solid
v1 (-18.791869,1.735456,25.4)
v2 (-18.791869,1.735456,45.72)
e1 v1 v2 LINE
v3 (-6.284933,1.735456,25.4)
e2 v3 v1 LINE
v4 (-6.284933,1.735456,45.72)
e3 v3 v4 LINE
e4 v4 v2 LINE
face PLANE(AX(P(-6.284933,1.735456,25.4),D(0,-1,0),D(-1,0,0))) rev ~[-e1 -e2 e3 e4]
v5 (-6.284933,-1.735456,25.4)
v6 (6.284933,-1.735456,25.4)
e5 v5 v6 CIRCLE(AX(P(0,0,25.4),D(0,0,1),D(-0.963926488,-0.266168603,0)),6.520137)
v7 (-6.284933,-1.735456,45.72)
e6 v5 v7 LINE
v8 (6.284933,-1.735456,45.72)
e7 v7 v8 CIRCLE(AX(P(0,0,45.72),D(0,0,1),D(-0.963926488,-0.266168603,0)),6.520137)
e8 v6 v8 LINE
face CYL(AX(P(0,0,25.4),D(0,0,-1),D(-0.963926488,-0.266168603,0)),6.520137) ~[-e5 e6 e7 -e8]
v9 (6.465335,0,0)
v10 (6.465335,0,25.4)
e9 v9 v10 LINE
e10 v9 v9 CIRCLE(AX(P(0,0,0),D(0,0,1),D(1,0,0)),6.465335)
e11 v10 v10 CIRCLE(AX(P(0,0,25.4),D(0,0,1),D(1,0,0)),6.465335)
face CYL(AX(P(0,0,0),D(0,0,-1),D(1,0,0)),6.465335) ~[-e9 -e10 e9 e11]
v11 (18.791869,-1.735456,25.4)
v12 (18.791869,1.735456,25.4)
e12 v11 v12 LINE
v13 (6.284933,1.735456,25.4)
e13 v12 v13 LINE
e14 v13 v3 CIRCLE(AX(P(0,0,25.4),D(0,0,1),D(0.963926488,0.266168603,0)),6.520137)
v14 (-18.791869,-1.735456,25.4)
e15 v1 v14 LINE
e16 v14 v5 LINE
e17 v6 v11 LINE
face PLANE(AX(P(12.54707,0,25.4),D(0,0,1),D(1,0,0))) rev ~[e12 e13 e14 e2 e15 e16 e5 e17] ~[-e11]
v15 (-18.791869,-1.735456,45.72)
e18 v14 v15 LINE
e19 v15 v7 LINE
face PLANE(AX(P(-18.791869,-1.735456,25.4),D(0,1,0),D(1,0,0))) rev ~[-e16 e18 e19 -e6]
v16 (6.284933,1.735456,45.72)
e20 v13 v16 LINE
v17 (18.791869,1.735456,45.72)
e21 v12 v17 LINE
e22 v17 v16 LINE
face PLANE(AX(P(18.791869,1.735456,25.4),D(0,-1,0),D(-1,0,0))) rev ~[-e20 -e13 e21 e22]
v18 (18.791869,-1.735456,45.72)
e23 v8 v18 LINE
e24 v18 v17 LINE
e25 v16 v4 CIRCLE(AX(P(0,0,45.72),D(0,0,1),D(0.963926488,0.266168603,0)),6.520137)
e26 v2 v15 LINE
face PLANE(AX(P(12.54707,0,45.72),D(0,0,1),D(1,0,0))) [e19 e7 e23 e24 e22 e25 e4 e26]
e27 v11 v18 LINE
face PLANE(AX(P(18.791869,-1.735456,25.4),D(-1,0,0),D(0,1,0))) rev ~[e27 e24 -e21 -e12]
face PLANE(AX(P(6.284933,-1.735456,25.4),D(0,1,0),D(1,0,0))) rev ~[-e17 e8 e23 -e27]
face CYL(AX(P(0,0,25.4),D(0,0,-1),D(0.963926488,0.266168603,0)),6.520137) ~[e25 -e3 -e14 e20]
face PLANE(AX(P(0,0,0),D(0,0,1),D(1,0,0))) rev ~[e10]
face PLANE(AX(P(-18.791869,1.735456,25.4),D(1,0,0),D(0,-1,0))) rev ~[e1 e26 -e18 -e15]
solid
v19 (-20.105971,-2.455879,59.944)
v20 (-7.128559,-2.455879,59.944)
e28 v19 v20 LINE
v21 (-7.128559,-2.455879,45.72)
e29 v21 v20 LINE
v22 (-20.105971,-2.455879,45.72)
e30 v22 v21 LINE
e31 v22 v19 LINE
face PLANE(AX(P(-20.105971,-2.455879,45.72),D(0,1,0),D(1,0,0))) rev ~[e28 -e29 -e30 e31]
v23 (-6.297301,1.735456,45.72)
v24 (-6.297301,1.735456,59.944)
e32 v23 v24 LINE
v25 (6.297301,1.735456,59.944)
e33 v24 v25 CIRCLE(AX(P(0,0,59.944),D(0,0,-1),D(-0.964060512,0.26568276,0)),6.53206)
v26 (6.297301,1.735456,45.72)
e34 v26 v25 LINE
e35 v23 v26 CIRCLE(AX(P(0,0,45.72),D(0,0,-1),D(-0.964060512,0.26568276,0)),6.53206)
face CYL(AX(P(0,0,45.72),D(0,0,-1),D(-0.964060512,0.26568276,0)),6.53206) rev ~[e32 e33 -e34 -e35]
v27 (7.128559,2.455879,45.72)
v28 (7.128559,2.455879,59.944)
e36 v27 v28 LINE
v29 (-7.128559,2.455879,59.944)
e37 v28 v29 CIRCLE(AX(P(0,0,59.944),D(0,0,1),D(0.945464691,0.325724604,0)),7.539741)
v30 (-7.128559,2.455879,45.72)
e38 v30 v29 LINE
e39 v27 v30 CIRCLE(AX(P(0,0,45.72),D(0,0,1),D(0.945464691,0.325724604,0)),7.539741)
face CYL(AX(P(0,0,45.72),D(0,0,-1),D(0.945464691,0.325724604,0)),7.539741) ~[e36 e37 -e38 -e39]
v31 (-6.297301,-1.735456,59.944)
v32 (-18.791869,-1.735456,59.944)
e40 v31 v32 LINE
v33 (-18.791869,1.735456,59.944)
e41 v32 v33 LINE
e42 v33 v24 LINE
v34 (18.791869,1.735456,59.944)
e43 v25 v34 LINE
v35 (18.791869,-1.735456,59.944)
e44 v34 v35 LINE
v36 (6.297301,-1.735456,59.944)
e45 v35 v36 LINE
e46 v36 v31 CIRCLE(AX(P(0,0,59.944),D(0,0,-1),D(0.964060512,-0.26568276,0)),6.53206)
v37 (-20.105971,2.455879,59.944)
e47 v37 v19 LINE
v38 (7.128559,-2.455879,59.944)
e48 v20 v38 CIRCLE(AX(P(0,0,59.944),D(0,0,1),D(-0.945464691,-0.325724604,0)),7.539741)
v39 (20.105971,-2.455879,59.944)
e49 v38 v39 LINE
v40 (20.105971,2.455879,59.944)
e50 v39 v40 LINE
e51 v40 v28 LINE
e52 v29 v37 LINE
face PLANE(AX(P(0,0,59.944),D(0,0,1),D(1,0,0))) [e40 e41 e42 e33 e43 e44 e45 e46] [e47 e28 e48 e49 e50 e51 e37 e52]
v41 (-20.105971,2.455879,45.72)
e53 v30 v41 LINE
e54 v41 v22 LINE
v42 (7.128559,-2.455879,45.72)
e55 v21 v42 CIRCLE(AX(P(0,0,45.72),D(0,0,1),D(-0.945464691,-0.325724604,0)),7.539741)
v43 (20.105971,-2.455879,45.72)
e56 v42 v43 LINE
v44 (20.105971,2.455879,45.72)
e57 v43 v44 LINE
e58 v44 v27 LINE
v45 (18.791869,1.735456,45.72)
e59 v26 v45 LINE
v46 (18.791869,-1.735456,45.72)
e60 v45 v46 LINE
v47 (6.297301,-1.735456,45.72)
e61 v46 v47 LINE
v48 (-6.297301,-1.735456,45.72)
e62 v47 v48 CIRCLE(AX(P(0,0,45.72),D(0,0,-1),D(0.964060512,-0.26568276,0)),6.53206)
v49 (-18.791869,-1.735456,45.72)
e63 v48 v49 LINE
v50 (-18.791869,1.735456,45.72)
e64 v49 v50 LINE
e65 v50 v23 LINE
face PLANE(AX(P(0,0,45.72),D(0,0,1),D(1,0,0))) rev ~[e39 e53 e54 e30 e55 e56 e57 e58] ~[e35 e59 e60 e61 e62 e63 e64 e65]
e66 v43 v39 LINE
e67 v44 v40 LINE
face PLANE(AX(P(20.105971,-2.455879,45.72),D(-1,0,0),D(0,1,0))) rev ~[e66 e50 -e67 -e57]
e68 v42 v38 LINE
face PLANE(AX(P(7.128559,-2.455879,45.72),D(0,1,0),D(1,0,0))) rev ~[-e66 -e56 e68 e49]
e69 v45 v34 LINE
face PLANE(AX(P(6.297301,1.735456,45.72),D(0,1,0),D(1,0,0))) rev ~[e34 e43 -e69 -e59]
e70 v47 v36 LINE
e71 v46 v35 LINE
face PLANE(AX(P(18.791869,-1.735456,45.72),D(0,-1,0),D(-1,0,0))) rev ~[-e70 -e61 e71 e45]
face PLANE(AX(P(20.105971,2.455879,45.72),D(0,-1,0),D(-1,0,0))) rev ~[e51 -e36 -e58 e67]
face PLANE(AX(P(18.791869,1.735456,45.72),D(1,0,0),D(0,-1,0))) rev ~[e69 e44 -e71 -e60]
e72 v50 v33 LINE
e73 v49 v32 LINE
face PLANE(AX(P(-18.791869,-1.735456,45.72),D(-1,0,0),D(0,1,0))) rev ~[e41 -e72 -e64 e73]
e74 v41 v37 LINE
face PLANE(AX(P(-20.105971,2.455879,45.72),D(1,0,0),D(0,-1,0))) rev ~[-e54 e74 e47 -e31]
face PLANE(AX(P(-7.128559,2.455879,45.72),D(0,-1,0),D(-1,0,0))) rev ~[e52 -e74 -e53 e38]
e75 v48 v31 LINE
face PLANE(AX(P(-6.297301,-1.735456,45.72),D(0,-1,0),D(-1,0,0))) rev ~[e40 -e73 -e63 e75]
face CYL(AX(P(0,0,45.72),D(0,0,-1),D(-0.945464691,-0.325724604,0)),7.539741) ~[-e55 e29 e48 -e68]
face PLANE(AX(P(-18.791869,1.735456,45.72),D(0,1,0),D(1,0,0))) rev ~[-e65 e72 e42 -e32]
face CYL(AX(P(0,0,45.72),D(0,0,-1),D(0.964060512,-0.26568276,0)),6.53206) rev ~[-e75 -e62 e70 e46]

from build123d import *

# Parameters (mm, degrees)
F0_R     = 6.4653345571
F1_DEPTH = 25.4
F3_DEPTH = 20.32
F5_DEPTH = 14.224


with BuildPart() as f1:
    # F0 (on Top) → F1 (new body)
    with BuildSketch(Plane.XY):
        Circle(F0_R)
    extrude(amount=F1_DEPTH)

    # F2 (on face) → F3 (join)
    with BuildSketch(Plane.XY.offset(25.4)):
        with BuildLine():
            Line((6.2849330107, -1.7354558222), (18.7918692827, -1.7354558222))
            Line((18.7918692827, -1.7354558222), (18.7918692827, 1.7354558222))
            Line((18.7918692827, 1.7354558222), (6.2849330107, 1.7354558222))
            ThreePointArc((6.2849330107, 1.7354558222), (6.4610686324, 0.8756608859), (6.5201372577, 0))
            ThreePointArc((6.5201372577, 0), (6.4610686324, -0.8756608859), (6.2849330107, -1.7354558222))
        make_face()
        with BuildLine():
            ThreePointArc((-6.2849330107, -1.7354558222), (0, -6.5201372577), (6.2849330107, -1.7354558222))
            Line((6.2849330107, -1.7354558222), (-6.2849330107, -1.7354558222))
        make_face()
        with BuildLine():
            Line((-6.2849330107, -1.7354558222), (6.2849330107, -1.7354558222))
            ThreePointArc((6.2849330107, -1.7354558222), (6.4610686324, -0.8756608859), (6.5201372577, 0))
            ThreePointArc((6.5201372577, 0), (6.4610686324, 0.8756608859), (6.2849330107, 1.7354558222))
            Line((6.2849330107, 1.7354558222), (-6.2849330107, 1.7354558222))
            ThreePointArc((-6.2849330107, 1.7354558222), (-6.5201372577, 0), (-6.2849330107, -1.7354558222))
        make_face()
        with BuildLine():
            Line((-18.7918692827, -1.7354558222), (-6.2849330107, -1.7354558222))
            ThreePointArc((-6.2849330107, -1.7354558222), (-6.5201372577, 0), (-6.2849330107, 1.7354558222))
            Line((-6.2849330107, 1.7354558222), (-18.7918692827, 1.7354558222))
            Line((-18.7918692827, 1.7354558222), (-18.7918692827, -1.7354558222))
        make_face()
        with BuildLine():
            Line((-6.2849330107, 1.7354558222), (6.2849330107, 1.7354558222))
            ThreePointArc((6.2849330107, 1.7354558222), (0, 6.5201372577), (-6.2849330107, 1.7354558222))
        make_face()
    extrude(amount=F3_DEPTH)


with BuildPart() as f5:
    # F4 (on face) → F5 (new body)
    with BuildSketch(Plane.XY.offset(45.72)):
        with BuildLine():
            Line((-20.1059710234, -2.4558792356), (-7.1285591408, -2.4558792356))
            ThreePointArc((-7.1285591408, -2.4558792356), (0, -7.5397412584), (7.1285591408, -2.4558792356))
            Line((7.1285591408, -2.4558792356), (20.1059710234, -2.4558792356))
            Line((20.1059710234, -2.4558792356), (20.1059710234, 2.4558792356))
            Line((20.1059710234, 2.4558792356), (7.1285591408, 2.4558792356))
            ThreePointArc((7.1285591408, 2.4558792356), (0, 7.5397412584), (-7.1285591408, 2.4558792356))
            Line((-7.1285591408, 2.4558792356), (-20.1059710234, 2.4558792356))
            Line((-20.1059710234, 2.4558792356), (-20.1059710234, -2.4558792356))
        make_face()
        with BuildLine():
            ThreePointArc((-6.2973014379, 1.7354558222), (0, 6.5320603419), (6.2973014379, 1.7354558222))
            Line((6.2973014379, 1.7354558222), (18.7918692827, 1.7354558222))
            Line((18.7918692827, 1.7354558222), (18.7918692827, -1.7354558222))
            Line((18.7918692827, -1.7354558222), (6.2973014379, -1.7354558222))
            ThreePointArc((6.2973014379, -1.7354558222), (0, -6.5320603419), (-6.2973014379, -1.7354558222))
            Line((-6.2973014379, -1.7354558222), (-18.7918692827, -1.7354558222))
            Line((-18.7918692827, -1.7354558222), (-18.7918692827, 1.7354558222))
            Line((-18.7918692827, 1.7354558222), (-6.2973014379, 1.7354558222))
        make_face(mode=Mode.SUBTRACT)
    extrude(amount=F5_DEPTH)


solid = Compound([f1.part, f5.part])
